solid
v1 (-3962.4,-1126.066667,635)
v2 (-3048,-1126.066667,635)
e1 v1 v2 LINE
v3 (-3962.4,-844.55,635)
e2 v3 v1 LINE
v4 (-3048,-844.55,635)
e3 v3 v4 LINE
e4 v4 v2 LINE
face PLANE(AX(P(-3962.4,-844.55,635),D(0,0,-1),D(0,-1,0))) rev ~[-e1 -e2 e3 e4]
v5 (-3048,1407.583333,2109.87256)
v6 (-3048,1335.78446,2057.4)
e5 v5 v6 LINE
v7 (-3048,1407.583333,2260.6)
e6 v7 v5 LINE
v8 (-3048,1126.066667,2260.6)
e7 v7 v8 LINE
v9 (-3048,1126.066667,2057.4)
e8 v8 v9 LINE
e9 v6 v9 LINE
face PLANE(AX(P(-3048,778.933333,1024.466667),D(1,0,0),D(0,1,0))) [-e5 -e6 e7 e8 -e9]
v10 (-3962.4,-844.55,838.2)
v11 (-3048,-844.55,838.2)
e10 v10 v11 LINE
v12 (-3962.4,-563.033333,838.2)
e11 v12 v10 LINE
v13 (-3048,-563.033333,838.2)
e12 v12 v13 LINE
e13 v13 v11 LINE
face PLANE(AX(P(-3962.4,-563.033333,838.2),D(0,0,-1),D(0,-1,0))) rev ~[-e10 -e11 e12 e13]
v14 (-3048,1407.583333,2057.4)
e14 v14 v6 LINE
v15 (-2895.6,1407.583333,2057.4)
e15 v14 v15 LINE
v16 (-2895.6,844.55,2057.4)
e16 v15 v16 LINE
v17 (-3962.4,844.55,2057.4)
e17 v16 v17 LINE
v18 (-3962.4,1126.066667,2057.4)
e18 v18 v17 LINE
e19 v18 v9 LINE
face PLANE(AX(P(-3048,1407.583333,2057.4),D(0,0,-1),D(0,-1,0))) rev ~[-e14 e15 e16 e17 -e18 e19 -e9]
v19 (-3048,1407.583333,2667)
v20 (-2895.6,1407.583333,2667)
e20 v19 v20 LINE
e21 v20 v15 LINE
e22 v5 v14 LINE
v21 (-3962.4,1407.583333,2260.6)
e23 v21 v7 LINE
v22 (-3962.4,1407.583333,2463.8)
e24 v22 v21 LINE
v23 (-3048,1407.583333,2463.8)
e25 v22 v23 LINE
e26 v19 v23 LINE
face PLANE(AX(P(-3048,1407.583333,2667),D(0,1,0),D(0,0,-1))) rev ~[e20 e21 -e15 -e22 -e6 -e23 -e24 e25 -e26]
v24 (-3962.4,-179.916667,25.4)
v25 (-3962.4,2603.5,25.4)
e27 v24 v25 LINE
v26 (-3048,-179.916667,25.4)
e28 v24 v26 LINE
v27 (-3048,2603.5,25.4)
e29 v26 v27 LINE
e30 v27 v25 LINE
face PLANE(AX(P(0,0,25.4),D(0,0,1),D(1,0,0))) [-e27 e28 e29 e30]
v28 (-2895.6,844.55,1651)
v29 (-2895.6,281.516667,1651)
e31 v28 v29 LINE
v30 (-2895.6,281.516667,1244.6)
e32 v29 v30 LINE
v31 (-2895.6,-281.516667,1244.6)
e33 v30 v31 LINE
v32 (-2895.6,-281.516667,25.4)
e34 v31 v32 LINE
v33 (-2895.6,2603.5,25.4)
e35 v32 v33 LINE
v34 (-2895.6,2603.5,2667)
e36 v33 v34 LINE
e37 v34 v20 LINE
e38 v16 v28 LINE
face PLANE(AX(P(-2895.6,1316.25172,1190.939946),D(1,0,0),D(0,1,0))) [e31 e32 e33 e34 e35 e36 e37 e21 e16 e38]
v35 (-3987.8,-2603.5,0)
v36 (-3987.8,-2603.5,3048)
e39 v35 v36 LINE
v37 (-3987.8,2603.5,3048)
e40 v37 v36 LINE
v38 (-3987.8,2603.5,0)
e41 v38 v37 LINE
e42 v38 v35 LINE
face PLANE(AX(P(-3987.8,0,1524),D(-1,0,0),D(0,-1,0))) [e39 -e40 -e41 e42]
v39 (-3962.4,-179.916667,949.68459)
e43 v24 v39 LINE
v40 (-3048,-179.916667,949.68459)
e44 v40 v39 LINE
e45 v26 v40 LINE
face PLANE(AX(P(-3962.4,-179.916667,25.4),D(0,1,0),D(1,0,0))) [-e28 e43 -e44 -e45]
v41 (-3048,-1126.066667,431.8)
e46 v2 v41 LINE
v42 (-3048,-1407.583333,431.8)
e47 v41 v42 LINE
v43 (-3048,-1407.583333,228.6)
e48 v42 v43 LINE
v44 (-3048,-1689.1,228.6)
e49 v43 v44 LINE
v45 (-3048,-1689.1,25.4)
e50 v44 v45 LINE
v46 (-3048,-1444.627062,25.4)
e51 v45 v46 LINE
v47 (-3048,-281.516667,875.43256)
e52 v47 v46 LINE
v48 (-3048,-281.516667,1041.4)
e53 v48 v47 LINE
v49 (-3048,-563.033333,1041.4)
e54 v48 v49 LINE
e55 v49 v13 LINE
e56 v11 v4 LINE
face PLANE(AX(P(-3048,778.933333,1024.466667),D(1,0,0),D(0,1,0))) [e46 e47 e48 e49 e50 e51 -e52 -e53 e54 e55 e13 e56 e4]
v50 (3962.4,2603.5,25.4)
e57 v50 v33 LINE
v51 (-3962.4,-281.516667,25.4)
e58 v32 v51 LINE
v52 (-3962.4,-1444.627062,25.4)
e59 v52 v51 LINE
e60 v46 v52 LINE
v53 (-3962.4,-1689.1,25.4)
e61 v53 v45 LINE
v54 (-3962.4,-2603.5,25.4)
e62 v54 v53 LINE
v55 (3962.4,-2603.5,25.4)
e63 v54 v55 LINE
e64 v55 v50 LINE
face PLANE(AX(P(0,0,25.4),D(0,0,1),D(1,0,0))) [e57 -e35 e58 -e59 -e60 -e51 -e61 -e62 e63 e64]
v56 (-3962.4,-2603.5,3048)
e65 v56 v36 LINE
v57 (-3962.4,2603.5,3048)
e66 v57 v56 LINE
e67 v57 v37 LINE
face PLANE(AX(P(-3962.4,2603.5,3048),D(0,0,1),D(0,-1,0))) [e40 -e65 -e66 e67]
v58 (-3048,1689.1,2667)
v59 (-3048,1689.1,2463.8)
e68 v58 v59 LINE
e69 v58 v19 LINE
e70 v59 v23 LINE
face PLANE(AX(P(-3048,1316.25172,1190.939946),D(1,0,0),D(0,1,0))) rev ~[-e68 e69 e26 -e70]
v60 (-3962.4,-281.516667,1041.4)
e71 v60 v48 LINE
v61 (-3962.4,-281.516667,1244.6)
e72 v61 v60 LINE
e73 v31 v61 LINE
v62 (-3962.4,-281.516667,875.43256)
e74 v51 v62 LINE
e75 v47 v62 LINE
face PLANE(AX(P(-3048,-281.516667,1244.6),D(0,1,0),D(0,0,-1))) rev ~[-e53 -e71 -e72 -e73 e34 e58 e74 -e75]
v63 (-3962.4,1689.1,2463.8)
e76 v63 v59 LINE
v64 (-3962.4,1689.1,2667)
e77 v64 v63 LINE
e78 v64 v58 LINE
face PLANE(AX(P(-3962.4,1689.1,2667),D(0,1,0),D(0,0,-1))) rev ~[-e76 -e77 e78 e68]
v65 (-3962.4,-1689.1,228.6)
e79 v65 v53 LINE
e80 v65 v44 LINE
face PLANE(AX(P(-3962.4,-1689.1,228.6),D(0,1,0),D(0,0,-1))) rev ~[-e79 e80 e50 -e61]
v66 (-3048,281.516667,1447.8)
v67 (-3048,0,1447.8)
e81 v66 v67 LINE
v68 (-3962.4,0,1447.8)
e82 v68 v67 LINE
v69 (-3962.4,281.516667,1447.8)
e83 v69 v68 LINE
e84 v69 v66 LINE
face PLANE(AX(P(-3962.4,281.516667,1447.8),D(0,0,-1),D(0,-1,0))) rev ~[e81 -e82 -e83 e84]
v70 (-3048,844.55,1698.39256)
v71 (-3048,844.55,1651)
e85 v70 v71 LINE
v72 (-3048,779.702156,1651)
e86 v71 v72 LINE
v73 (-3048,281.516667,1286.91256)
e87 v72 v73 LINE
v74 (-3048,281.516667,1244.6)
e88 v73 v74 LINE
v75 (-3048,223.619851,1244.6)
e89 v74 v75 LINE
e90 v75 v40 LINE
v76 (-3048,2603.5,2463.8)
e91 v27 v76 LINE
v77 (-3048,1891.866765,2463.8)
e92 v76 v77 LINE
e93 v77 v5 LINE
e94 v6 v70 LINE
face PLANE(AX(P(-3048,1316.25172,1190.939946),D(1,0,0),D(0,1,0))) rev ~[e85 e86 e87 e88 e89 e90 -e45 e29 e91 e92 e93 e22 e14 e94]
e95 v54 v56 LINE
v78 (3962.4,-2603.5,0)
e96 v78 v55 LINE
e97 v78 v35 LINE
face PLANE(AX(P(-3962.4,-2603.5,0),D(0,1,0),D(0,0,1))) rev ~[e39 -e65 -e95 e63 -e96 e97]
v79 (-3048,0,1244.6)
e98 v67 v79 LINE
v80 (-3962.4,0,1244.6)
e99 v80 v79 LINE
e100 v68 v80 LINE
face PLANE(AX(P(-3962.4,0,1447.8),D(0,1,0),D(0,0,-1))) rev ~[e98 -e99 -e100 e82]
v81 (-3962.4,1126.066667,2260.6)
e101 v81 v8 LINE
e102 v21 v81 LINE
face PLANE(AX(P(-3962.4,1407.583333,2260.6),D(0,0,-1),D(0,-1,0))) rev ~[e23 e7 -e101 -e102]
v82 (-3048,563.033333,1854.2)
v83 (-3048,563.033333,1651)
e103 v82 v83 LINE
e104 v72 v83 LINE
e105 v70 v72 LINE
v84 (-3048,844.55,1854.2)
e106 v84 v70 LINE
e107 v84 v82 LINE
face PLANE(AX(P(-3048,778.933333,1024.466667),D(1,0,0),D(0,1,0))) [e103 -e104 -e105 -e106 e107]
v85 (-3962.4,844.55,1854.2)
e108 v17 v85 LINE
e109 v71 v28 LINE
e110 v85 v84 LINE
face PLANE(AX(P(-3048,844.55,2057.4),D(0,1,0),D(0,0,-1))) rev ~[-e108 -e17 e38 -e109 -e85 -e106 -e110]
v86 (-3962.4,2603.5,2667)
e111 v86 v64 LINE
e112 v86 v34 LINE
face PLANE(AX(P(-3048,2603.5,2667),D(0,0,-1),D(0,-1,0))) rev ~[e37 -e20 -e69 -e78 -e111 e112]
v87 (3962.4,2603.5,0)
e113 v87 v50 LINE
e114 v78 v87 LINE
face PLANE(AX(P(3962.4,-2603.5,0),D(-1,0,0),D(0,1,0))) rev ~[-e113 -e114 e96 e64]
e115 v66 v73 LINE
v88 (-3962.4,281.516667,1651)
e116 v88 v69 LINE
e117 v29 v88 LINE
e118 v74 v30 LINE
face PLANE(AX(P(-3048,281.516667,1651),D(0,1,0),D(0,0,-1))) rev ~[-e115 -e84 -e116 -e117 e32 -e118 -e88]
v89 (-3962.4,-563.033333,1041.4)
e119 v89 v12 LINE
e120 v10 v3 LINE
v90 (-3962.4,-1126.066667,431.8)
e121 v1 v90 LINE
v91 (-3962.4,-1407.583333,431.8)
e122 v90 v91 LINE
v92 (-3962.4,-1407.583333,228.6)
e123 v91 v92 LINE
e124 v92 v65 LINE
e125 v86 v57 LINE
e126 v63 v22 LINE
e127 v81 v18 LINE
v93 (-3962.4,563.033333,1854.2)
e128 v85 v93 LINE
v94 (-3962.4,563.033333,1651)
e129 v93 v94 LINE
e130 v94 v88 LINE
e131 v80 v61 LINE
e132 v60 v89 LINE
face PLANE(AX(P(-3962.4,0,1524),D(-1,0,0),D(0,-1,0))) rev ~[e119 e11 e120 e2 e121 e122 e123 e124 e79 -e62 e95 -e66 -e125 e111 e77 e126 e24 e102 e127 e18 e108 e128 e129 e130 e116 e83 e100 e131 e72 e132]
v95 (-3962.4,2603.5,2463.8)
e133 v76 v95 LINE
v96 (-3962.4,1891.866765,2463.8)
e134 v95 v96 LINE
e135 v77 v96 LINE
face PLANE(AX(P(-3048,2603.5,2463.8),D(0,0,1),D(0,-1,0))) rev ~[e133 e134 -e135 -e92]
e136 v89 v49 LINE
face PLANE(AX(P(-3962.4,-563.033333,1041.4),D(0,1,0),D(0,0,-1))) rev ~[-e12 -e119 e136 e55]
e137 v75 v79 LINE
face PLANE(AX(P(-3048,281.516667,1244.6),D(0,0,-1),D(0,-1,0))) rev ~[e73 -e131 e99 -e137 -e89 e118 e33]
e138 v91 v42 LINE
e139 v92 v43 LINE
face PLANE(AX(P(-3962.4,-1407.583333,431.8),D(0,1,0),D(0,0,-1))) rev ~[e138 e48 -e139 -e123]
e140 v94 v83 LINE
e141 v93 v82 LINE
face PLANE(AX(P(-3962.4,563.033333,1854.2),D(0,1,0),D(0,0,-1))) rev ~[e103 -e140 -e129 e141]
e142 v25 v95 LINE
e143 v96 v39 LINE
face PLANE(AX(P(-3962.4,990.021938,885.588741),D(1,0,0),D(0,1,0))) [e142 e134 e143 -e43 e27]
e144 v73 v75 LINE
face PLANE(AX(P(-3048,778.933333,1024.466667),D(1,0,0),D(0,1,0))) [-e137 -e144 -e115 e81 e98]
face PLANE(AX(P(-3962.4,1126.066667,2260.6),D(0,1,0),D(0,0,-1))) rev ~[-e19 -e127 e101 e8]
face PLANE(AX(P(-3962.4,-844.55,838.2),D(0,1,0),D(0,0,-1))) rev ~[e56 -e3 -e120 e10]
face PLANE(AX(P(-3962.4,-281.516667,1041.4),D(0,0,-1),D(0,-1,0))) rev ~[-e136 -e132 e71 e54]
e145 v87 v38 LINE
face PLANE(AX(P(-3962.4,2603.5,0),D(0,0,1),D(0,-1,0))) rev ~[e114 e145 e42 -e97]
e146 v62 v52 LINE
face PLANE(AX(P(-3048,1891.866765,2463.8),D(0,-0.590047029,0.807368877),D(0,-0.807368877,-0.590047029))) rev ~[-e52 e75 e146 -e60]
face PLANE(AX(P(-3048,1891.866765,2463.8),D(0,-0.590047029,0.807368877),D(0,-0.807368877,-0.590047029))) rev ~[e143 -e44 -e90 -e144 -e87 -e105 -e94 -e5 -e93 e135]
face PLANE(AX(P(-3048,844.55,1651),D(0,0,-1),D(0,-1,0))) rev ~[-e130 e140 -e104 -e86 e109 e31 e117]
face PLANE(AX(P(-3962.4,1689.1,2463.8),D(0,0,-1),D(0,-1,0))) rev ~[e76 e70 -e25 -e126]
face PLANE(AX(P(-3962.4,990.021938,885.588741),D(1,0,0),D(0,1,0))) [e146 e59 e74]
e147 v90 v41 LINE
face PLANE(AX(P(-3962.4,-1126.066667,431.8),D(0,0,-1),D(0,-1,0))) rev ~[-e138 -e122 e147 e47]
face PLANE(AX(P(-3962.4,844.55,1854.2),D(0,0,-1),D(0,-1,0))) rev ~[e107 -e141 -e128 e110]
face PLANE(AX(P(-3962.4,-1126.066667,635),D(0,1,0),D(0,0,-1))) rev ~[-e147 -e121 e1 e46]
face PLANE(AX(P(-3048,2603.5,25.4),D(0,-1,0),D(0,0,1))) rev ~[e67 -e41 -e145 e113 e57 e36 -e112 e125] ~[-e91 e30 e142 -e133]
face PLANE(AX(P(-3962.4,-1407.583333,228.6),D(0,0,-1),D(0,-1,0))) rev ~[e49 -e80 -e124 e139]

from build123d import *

# Parameters (mm, degrees)
F0_W     = 7924.8
F0_H     = 5207
F1_DEPTH = 25.4
F2_W     = 5207
F2_H     = 3048
F3_DEPTH = 25.4
F5_DEPTH = 914.4
F7_DEPTH = 914.4
F9_DEPTH = 152.4
F10_W    = 914.4
F10_H    = 101.6


with BuildPart() as f1:
    # F0 (on Top) → F1 (new body)
    with BuildSketch(Plane.XY):
        Rectangle(F0_W, F0_H)
    extrude(amount=F1_DEPTH)

    # F2 (on face) → F3 (join)
    with BuildSketch(Plane(origin=(-3962.4, 0, 0), x_dir=(0, -1, 0), z_dir=(-1, 0, 0))):
        with Locations((0, 1524)):
            Rectangle(F2_W, F2_H)
    extrude(amount=F3_DEPTH)

    # F4 (on face) → F5 (join)
    with BuildSketch(Plane.YZ.offset(-3962.4)):
        Polygon((-1689.1, 228.6), (-1689.1, 25.4), (2603.5, 25.4), (2603.5, 2667), (1689.1, 2667), (1689.1, 2463.8), (1407.5833333333, 2463.8), (1407.5833333333, 2260.6), (1126.0666666667, 2260.6), (1126.0666666667, 2057.4), (844.55, 2057.4), (844.55, 1854.2), (563.0333333333, 1854.2), (563.0333333333, 1651), (281.5166666667, 1651), (281.5166666667, 1447.8), (0, 1447.8), (0, 1244.6), (-281.5166666667, 1244.6), (-281.5166666667, 1041.4), (-563.0333333333, 1041.4), (-563.0333333333, 838.2), (-844.55, 838.2), (-844.55, 635), (-1126.0666666667, 635), (-1126.0666666667, 431.8), (-1407.5833333333, 431.8), (-1407.5833333333, 228.6), align=None)
    extrude(amount=F5_DEPTH)

    # F6 (on face) → F7 (cut, through all)
    with BuildSketch(Plane.YZ.offset(-3048)):
        Polygon((2603.5, 25.4), (2603.5, 2463.8), (1891.8667649631, 2463.8), (-1444.6270621974, 25.4), align=None)
    extrude(amount=-F7_DEPTH, mode=Mode.SUBTRACT)

    # F8 (on face) → F9 (join)
    with BuildSketch(Plane.YZ.offset(-3048)):
        Polygon((2603.5, 25.4), (2603.5, 2667), (1407.5833333333, 2667), (1407.5833333333, 2057.4), (844.55, 2057.4), (844.55, 1651), (281.5166666667, 1651), (281.5166666667, 1244.6), (-281.5166666667, 1244.6), (-281.5166666667, 25.4), align=None)
    extrude(amount=F9_DEPTH)

    # F10 (on face) → F11 (join, up to the next surface of F1)
    with BuildSketch(Plane.XY.offset(25.4)):
        with Locations((-3505.2, -230.7166666667)):
            Rectangle(F10_W, F10_H)
    extrude(until=Until.NEXT)


solid = f1.part
